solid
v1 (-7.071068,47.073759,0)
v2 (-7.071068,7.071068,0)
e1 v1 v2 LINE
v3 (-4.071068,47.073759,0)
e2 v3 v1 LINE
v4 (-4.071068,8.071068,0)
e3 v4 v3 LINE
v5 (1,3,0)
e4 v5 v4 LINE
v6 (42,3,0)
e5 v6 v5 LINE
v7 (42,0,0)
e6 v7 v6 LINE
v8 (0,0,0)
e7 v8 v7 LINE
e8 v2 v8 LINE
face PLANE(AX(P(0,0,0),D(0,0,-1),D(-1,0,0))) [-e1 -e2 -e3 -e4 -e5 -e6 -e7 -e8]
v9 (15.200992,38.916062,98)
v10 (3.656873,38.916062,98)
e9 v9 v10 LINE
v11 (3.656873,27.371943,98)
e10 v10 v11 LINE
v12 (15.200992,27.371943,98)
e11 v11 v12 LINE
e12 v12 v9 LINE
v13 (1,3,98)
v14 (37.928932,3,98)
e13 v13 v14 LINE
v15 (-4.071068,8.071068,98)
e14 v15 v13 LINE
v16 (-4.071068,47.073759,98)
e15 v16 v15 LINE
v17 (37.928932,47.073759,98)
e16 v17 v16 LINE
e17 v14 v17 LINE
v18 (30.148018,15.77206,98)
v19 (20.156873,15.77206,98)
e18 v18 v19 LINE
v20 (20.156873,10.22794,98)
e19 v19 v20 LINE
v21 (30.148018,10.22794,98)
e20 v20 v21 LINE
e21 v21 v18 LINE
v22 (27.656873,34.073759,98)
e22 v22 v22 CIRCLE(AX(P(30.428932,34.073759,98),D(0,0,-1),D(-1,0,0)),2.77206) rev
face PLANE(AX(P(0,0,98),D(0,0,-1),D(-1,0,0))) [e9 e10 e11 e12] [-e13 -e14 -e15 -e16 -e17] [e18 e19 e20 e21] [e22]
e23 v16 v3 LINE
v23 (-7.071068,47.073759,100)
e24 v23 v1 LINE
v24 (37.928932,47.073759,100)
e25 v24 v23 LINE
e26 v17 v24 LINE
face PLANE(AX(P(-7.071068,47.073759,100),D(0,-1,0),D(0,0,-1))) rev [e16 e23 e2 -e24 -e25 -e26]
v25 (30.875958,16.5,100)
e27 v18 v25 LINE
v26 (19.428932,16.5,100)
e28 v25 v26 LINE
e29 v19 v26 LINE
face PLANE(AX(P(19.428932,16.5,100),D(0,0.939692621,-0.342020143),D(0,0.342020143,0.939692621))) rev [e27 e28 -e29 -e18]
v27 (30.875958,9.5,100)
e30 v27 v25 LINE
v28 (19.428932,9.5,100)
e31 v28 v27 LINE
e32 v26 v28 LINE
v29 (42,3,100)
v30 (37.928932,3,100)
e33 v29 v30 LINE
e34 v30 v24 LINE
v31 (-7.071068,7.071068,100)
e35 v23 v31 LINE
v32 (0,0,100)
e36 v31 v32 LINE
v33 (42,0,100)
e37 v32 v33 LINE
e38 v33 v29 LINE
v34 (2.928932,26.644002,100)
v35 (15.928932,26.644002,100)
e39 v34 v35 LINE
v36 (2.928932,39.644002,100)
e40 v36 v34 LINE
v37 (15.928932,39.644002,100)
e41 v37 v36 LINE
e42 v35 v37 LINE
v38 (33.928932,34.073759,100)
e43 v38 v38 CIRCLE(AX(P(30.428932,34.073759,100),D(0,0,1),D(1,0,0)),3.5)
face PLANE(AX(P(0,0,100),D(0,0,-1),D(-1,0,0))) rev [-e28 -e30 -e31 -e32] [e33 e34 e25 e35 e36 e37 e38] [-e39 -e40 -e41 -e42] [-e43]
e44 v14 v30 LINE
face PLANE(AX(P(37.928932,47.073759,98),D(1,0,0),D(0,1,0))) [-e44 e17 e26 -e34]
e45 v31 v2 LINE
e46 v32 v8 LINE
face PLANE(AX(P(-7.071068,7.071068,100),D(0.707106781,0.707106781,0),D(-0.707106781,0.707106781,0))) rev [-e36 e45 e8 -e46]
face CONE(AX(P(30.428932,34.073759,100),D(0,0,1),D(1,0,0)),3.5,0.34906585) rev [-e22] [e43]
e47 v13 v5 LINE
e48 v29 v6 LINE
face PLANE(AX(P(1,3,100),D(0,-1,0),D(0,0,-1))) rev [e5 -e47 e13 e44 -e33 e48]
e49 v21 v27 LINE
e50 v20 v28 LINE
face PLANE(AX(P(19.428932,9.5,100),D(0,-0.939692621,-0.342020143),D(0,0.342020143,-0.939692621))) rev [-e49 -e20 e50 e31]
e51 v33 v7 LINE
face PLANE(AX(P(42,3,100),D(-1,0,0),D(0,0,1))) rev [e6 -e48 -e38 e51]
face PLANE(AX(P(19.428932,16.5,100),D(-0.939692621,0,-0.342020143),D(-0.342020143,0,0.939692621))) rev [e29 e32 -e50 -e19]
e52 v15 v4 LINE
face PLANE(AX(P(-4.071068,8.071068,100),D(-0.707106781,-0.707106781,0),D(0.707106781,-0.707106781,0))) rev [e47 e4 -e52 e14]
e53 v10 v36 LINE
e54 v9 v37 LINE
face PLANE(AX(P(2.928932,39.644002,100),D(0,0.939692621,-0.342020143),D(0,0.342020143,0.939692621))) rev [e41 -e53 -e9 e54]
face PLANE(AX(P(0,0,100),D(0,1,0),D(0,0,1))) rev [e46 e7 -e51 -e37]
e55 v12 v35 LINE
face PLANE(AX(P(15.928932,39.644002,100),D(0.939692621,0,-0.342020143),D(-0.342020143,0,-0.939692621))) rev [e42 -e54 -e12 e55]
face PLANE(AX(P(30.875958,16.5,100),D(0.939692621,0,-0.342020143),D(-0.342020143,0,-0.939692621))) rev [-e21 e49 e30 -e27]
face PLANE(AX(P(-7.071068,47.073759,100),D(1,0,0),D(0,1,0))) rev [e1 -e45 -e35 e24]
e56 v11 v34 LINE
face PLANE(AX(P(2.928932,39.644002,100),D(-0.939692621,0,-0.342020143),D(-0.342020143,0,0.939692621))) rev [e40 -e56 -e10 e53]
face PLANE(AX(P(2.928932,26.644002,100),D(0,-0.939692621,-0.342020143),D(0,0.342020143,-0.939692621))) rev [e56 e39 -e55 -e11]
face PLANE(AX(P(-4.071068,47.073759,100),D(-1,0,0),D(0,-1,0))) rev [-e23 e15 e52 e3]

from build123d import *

# Parameters (mm, degrees)
BOSS_EXTRUDE1_DEPTH          = 100
BOSS_EXTRUDE2_DEPTH          = 2
CUT_EXTRUDE2_REACH           = 120.237
SKETCH4_R                    = 2.75
CUT_EXTRUDE3_REACH           = 120.237
SKETCH5_W                    = 9
SKETCH5_H                    = 4
CUT_EXTRUDE4_REACH           = 120.237
SKETCH6_W                    = 10
SKETCH6_H                    = 10
SKETCH7_R                    = 3.5
CUT_EXTRUDE6_DEPTH           = 2
CUT_EXTRUDE6_DRAFT           = -20
SKETCH7_W                    = 11.447026043
SKETCH7_H                    = 7
CUT_EXTRUDE6_PROFILE_2_DEPTH = 2
CUT_EXTRUDE6_PROFILE_2_DRAFT = -20
SKETCH7_W_2                  = 13
SKETCH7_H_2                  = 13
CUT_EXTRUDE6_PROFILE_3_DEPTH = 2
CUT_EXTRUDE6_PROFILE_3_DRAFT = -20


with BuildPart() as part:
    # Sketch2 → Boss-Extrude1 (new body)
    with BuildSketch(Plane.XY):
        Polygon((-7.071067812, 47.073759399), (-4.071067812, 47.073759399), (-4.071067812, 8.071067812), (1, 3), (42, 3), (42, 0), (0, 0), (-7.071067812, 7.071067812), align=None)
    extrude(amount=BOSS_EXTRUDE1_DEPTH)

    # Sketch3 → Boss-Extrude2 (add)
    with BuildSketch(Plane.XY.offset(100)):
        Polygon((-4.071067812, 47.073759399), (37.928932188, 47.073759399), (37.928932188, 3), (1, 3), (-4.071067812, 8.071067812), align=None)
    extrude(amount=-BOSS_EXTRUDE2_DEPTH)

    # Sketch4 → Cut-Extrude2 (cut, up to next)
    with BuildSketch(Plane.XY.offset(100), mode=Mode.PRIVATE) as cut_extrude2_sk1:
        with Locations((30.428932188, 34.073759399)):
            Circle(SKETCH4_R)
    cut_extrude2_tool1 = extrude(cut_extrude2_sk1.sketch, amount=-CUT_EXTRUDE2_REACH, mode=Mode.PRIVATE) & part.part
    add(cut_extrude2_tool1.solids().sort_by_distance((30.428932, 34.073759, 100))[0], mode=Mode.SUBTRACT)

    # Sketch5 → Cut-Extrude3 (cut, up to next)
    with BuildSketch(Plane.XY.offset(100), mode=Mode.PRIVATE) as cut_extrude3_sk1:
        with Locations((25.428932188, 13)):
            Rectangle(SKETCH5_W, SKETCH5_H)
    cut_extrude3_tool1 = extrude(cut_extrude3_sk1.sketch, amount=-CUT_EXTRUDE3_REACH, mode=Mode.PRIVATE) & part.part
    add(cut_extrude3_tool1.solids().sort_by_distance((25.428932, 13, 100))[0], mode=Mode.SUBTRACT)

    # Sketch6 → Cut-Extrude4 (cut, up to next)
    with BuildSketch(Plane.XY.offset(100), mode=Mode.PRIVATE) as cut_extrude4_sk1:
        with Locations((9.428932188, 33.144002223)):
            Rectangle(SKETCH6_W, SKETCH6_H)
    cut_extrude4_tool1 = extrude(cut_extrude4_sk1.sketch, amount=-CUT_EXTRUDE4_REACH, mode=Mode.PRIVATE) & part.part
    add(cut_extrude4_tool1.solids().sort_by_distance((9.428932, 33.144002, 100))[0], mode=Mode.SUBTRACT)


with BuildPart() as cut_extrude6_tool:
    # Sketch7 → Cut-Extrude6 (with draft: the straight prism first)
    with BuildSketch(Plane.XY.offset(100)):
        with Locations((30.428932188, 34.073759399)):
            Circle(SKETCH7_R)
    extrude(amount=-CUT_EXTRUDE6_DEPTH)
    # Cut-Extrude6: the draft: its side faces are tilted about the plane it starts from
    cut_extrude6_sides = [cut_extrude6_tool.faces().sort_by_distance(p)[0] for p in [
        (26.928932188, 34.073759399, 99),
    ]]
    draft(cut_extrude6_sides, Plane.XY.offset(100), CUT_EXTRUDE6_DRAFT)


with BuildPart() as part_1:
    add(part.part)

    # Cut-Extrude6: cut by cut_extrude6_tool
    add(cut_extrude6_tool.part, mode=Mode.SUBTRACT)


with BuildPart() as cut_extrude6_profile_2_tool:
    # Sketch7 → Cut-Extrude6 profile 2 (with draft: the straight prism first)
    with BuildSketch(Plane.XY.offset(100)):
        with Locations((25.15244521, 13)):
            Rectangle(SKETCH7_W, SKETCH7_H)
    extrude(amount=-CUT_EXTRUDE6_PROFILE_2_DEPTH)
    # Cut-Extrude6 profile 2: the draft: its side faces are tilted about the plane it starts from
    cut_extrude6_profile_2_sides = [cut_extrude6_profile_2_tool.faces().sort_by_distance(p)[0] for p in [
        (19.428932188, 13, 99),
        (25.15244521, 9.5, 99),
        (30.875958231, 13, 99),
        (25.15244521, 16.5, 99),
    ]]
    draft(cut_extrude6_profile_2_sides, Plane.XY.offset(100), CUT_EXTRUDE6_PROFILE_2_DRAFT)


with BuildPart() as part_2:
    add(part_1.part)

    # Cut-Extrude6 profile 2: cut by cut_extrude6_profile_2_tool
    add(cut_extrude6_profile_2_tool.part, mode=Mode.SUBTRACT)


with BuildPart() as cut_extrude6_profile_3_tool:
    # Sketch7 → Cut-Extrude6 profile 3 (with draft: the straight prism first)
    with BuildSketch(Plane.XY.offset(100)):
        with Locations((9.428932188, 33.144002223)):
            Rectangle(SKETCH7_W_2, SKETCH7_H_2)
    extrude(amount=-CUT_EXTRUDE6_PROFILE_3_DEPTH)
    # Cut-Extrude6 profile 3: the draft: its side faces are tilted about the plane it starts from
    cut_extrude6_profile_3_sides = [cut_extrude6_profile_3_tool.faces().sort_by_distance(p)[0] for p in [
        (2.928932188, 33.144002223, 99),
        (9.428932188, 26.644002223, 99),
        (15.928932188, 33.144002223, 99),
        (9.428932188, 39.644002223, 99),
    ]]
    draft(cut_extrude6_profile_3_sides, Plane.XY.offset(100), CUT_EXTRUDE6_PROFILE_3_DRAFT)


with BuildPart() as part_3:
    add(part_2.part)

    # Cut-Extrude6 profile 3: cut by cut_extrude6_profile_3_tool
    add(cut_extrude6_profile_3_tool.part, mode=Mode.SUBTRACT)


solid = part_3.part
